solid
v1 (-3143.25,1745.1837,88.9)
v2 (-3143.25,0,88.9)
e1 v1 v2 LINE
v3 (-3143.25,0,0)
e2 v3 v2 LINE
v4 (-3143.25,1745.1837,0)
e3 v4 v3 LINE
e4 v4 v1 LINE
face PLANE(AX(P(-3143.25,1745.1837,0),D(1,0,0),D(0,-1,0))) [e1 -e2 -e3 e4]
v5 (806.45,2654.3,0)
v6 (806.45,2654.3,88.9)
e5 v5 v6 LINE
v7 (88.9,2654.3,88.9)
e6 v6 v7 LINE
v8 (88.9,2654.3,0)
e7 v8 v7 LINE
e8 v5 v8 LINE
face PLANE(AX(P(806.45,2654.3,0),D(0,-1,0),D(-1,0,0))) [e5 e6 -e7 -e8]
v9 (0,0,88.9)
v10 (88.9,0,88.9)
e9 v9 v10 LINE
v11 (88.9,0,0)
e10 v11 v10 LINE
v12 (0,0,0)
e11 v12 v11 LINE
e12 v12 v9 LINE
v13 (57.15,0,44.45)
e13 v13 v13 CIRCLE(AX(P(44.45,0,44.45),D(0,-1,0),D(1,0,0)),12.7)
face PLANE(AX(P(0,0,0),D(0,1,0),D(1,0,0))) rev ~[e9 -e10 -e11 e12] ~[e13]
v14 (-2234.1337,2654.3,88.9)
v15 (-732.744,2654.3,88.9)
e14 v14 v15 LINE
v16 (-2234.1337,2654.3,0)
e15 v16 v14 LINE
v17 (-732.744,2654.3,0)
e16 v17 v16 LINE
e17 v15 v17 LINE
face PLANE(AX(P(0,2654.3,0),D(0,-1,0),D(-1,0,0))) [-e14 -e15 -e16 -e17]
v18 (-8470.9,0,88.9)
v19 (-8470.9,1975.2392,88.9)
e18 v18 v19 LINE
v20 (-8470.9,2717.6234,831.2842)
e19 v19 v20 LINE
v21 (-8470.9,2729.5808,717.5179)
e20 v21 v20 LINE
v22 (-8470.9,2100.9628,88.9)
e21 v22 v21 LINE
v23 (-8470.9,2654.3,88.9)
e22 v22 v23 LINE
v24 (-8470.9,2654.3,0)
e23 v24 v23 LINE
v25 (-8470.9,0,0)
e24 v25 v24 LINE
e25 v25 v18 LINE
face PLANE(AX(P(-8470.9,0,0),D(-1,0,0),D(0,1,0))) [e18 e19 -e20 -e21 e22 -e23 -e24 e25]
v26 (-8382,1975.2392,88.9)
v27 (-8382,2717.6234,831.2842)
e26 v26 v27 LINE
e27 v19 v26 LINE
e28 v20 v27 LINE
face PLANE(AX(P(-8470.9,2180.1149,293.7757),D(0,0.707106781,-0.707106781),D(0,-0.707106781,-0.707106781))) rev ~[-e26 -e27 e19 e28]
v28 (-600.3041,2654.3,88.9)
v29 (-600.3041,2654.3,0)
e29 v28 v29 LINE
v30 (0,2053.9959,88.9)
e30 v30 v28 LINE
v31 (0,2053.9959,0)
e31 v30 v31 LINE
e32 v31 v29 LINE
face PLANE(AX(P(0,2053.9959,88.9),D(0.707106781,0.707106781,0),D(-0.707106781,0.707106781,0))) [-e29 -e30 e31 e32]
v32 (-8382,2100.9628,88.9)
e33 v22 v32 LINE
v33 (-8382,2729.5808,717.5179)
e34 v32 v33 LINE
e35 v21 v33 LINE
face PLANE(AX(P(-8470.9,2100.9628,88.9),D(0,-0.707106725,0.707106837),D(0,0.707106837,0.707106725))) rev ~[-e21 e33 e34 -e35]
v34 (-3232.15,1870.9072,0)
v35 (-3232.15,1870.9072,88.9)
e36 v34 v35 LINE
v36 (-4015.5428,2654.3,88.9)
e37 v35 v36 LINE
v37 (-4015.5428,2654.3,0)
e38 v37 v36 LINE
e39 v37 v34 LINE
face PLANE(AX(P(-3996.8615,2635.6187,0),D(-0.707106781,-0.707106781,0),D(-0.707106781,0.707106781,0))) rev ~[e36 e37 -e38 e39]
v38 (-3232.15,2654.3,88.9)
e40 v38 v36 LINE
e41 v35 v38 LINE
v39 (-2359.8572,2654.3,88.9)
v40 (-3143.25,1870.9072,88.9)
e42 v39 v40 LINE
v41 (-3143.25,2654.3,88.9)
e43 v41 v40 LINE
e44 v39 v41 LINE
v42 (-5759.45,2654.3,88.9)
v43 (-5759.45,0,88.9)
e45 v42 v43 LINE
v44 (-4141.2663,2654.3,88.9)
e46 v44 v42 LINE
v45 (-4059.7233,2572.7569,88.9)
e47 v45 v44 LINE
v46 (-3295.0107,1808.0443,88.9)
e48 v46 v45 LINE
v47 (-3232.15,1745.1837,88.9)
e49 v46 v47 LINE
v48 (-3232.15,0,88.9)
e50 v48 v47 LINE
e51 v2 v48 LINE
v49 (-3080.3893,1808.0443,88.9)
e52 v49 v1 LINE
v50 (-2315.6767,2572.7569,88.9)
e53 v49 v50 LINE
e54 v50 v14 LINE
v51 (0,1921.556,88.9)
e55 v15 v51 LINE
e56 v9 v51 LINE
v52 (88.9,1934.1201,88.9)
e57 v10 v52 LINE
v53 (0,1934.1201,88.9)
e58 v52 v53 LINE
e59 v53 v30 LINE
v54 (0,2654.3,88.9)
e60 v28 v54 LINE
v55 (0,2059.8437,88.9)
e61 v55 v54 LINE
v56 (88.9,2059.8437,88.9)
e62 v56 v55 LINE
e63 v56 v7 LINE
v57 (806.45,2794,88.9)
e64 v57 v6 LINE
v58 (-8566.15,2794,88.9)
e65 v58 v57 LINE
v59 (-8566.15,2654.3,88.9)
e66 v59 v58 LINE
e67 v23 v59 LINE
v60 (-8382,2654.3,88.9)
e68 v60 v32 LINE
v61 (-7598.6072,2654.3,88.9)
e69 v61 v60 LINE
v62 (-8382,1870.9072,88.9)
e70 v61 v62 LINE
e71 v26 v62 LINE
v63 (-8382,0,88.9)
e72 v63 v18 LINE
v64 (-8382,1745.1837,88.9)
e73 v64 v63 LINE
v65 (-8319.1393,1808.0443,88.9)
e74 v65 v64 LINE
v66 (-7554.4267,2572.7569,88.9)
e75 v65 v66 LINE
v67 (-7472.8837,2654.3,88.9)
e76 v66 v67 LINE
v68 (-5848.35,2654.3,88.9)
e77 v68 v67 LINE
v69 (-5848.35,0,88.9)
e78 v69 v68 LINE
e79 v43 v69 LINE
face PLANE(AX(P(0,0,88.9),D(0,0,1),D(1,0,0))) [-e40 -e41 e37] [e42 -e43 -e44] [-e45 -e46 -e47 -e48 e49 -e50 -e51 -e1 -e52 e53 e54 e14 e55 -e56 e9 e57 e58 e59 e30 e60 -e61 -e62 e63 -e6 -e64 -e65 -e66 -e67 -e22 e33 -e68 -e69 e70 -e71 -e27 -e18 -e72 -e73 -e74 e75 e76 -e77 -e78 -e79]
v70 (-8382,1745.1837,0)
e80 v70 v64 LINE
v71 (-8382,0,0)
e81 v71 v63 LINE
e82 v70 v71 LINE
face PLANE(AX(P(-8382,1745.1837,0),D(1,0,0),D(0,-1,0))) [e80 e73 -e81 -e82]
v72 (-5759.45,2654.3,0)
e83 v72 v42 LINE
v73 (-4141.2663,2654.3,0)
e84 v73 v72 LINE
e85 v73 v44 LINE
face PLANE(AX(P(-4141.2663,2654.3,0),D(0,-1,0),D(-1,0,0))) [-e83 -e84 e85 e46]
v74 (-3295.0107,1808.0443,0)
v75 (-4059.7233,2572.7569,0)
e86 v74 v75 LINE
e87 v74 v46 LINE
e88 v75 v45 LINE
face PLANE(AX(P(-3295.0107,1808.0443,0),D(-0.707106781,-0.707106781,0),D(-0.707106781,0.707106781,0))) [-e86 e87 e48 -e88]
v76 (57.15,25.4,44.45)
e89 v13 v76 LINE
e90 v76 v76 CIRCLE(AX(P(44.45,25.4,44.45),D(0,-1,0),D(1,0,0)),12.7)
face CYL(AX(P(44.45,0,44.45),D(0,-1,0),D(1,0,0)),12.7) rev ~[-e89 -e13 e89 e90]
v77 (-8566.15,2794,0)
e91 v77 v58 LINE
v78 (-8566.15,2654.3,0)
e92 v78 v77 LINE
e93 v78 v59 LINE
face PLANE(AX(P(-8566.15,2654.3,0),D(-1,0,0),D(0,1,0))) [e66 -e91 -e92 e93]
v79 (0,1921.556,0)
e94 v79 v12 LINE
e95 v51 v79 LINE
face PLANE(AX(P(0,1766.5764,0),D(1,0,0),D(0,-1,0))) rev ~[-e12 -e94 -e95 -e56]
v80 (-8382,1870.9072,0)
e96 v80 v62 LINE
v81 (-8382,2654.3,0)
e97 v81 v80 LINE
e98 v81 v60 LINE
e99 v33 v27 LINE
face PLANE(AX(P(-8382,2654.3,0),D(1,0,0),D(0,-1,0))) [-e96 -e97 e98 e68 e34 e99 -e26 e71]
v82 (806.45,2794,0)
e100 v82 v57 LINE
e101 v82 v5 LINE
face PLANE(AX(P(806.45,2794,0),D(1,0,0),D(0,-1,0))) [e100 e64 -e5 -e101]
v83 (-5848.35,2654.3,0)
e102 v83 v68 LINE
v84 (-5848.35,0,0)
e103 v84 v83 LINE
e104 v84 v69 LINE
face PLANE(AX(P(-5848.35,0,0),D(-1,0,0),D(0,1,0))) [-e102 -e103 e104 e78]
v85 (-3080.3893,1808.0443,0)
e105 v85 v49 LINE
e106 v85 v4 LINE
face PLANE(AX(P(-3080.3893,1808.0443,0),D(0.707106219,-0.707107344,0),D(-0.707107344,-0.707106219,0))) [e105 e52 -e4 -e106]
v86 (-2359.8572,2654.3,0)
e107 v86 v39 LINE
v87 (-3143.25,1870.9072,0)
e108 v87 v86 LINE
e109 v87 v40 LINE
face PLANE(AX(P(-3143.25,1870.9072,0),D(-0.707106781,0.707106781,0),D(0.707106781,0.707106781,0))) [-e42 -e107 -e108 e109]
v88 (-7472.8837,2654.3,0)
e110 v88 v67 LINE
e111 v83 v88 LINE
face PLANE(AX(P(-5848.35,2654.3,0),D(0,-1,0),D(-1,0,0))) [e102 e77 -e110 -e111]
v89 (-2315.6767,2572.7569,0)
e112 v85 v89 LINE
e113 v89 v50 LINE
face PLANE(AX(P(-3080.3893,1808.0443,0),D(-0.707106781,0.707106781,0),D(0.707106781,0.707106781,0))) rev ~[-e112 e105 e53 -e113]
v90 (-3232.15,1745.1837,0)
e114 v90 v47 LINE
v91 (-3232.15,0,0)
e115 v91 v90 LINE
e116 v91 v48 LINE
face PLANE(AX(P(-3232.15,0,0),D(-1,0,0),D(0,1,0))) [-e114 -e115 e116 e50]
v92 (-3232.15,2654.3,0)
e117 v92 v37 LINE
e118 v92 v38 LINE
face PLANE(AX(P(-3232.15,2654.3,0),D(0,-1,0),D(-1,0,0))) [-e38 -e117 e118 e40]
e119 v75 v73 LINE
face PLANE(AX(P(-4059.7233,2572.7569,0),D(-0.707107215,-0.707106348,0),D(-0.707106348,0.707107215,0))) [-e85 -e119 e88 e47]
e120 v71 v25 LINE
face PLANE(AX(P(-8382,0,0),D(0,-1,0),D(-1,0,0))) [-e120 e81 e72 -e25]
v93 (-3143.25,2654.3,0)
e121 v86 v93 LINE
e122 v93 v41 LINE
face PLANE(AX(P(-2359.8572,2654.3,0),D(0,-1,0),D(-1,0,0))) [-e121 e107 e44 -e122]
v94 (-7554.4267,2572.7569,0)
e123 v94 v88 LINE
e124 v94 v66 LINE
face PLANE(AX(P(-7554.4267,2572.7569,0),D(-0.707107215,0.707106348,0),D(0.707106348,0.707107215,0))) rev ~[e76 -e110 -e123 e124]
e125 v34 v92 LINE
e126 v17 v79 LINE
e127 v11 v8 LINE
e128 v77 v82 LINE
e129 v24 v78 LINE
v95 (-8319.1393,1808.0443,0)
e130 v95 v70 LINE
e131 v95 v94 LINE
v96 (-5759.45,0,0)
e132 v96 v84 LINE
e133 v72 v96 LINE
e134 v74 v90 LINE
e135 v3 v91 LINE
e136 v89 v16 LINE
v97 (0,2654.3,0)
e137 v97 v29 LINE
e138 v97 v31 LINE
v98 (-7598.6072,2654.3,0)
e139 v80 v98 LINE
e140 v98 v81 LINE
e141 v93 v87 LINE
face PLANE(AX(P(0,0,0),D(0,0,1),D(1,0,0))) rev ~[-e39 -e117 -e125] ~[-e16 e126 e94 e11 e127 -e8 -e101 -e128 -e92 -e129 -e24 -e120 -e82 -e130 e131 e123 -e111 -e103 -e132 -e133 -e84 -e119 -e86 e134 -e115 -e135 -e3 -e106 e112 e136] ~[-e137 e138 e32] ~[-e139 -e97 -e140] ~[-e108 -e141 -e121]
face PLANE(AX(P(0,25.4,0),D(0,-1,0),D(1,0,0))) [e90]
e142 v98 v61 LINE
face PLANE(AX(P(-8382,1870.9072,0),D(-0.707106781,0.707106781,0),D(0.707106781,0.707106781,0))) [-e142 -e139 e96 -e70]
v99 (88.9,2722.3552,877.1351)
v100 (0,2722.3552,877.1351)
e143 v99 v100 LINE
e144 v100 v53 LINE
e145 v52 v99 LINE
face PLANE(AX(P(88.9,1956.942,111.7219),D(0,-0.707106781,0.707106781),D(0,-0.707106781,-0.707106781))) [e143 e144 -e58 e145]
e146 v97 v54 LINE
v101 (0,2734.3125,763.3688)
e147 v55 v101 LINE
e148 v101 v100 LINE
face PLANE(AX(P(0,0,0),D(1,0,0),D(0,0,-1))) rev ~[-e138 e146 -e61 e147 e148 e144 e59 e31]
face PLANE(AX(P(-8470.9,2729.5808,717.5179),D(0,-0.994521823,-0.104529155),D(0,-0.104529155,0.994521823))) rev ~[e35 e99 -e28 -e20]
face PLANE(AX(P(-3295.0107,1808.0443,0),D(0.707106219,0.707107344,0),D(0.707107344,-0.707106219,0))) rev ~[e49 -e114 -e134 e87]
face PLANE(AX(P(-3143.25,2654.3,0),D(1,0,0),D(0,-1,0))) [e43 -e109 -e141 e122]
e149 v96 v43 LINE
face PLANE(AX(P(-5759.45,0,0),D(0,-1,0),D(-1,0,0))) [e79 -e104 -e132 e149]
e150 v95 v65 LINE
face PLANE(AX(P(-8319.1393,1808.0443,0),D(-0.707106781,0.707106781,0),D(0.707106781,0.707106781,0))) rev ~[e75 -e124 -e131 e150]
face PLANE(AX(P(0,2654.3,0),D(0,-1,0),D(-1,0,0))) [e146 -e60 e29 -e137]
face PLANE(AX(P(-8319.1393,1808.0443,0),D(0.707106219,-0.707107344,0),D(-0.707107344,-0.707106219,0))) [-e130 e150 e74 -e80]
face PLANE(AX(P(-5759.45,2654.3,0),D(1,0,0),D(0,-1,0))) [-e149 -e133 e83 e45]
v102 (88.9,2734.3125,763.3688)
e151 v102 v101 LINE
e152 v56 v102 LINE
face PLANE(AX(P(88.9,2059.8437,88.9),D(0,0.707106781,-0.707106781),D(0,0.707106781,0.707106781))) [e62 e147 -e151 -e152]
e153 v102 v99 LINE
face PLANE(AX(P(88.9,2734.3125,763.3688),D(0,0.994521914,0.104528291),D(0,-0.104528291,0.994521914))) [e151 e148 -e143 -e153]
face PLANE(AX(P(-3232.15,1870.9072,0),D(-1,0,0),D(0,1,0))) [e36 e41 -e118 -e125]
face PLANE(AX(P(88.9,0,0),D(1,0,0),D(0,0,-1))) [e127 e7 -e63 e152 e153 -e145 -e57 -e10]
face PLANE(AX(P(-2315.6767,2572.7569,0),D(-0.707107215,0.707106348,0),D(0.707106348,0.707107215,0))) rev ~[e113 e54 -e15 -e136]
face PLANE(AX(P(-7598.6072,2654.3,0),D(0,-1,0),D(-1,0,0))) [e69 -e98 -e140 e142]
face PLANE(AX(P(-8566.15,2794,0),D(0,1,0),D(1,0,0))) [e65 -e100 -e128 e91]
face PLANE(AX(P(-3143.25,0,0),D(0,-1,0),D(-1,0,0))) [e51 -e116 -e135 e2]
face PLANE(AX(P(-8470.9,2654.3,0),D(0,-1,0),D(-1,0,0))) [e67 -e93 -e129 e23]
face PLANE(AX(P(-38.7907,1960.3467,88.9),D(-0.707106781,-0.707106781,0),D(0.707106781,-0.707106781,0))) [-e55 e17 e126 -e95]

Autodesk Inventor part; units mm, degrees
ref_plane "YZ Plane" through (0, 0, 0) normal (1, 0, 0) x (0, 1, 0)
ref_plane "XZ Plane" through (0, 0, 0) normal (0, 1, 0) x (-1, 0, 0)
ref_plane "XY Plane" through (0, 0, 0) normal (0, 0, 1) x (1, 0, 0)
sketch "Sketch1" plane through (0, 0, 0) normal (0, 0, 1) x (1, 0, 0)
  line L0 (0, 0) -> (88.9, 0)
  line L1 (88.9, 0) -> (88.9, 2654.3)
  line L2 (88.9, 2654.3) -> (0, 2654.3)
  line L3 (0, 2654.3) -> (0, 0)
  line L4 (44.45, 2654.3) -> (806.45, 2654.3) construction
  line L5 (806.45, 2654.3) -> (-8566.15, 2654.3)
  line L6 (-8566.15, 2654.3) -> (-8566.15, 2794)
  line L7 (-8566.15, 2794) -> (806.45, 2794)
  line L8 (806.45, 2794) -> (806.45, 2654.3)
  line L9 (-3143.25, 0) -> (-3232.15, 0)
  line L10 (-3232.15, 0) -> (-3232.15, 2654.3)
  line L11 (-3232.15, 2654.3) -> (-3143.25, 2654.3)
  line L12 (-3143.25, 2654.3) -> (-3143.25, 0)
  line L13 (-5759.45, 0) -> (-5848.35, 0)
  line L14 (-5848.35, 0) -> (-5848.35, 2654.3)
  line L15 (-5848.35, 2654.3) -> (-5759.45, 2654.3)
  line L16 (-5759.45, 2654.3) -> (-5759.45, 0)
  line L17 (-8382, 0) -> (-8470.9, 0)
  line L18 (-8470.9, 0) -> (-8470.9, 2654.3)
  line L19 (-8470.9, 2654.3) -> (-8382, 2654.3)
  line L20 (-8382, 2654.3) -> (-8382, 0)
  line L21 (0, 1892.3) -> (-764.7126, 2657.0126)
  line L22 (0, 1892.3) -> (1081.4669, 1892.3) construction
  line L23 (-62.8618, 1829.4382) -> (-827.5744, 2594.1508)
  line L24 (-827.5744, 2594.1508) -> (-887.7236, 2654.3)
  line L25 (-62.8618, 1829.4382) -> (0, 1766.5764)
  line L26 (-3232.15, 1870.9072) -> (-3996.8615, 2635.6187)
  line L27 (-3295.0107, 1808.0443) -> (-4059.7233, 2572.7569)
  line L28 (-3295.0107, 1808.0443) -> (-3232.15, 1745.1837)
  line L29 (-4059.7233, 2572.7569) -> (-4141.2663, 2654.3)
  line L30 (-3996.8615, 2635.6187) -> (-4015.5428, 2654.3)
  line L31 (-3187.7, 2654.3) -> (-3187.7, 0) construction
  line L32 (-3232.15, 1745.1837) -> (-3232.15, 1870.9072)
  line L33 (-4141.2663, 2654.3) -> (-4015.5428, 2654.3)
  line L34 (-3143.25, 1870.9072) -> (-2378.5385, 2635.6187)
  line L35 (-3080.3893, 1808.0443) -> (-2315.6767, 2572.7569)
  line L36 (-3080.3893, 1808.0443) -> (-3143.25, 1745.1837)
  line L37 (-2315.6767, 2572.7569) -> (-2234.1337, 2654.3)
  line L38 (-2378.5385, 2635.6187) -> (-2359.8572, 2654.3)
  line L39 (-3143.25, 1745.1837) -> (-3143.25, 1870.9072)
  line L40 (-2234.1337, 2654.3) -> (-2359.8572, 2654.3)
  line L41 (-7554.4267, 2572.7569) -> (-7472.8837, 2654.3)
  line L42 (-7617.2885, 2635.6187) -> (-7598.6072, 2654.3)
  line L43 (-8382, 1870.9072) -> (-7617.2885, 2635.6187)
  line L44 (-8319.1393, 1808.0443) -> (-7554.4267, 2572.7569)
  line L45 (-8319.1393, 1808.0443) -> (-8382, 1745.1837)
  line L46 (-8382, 1745.1837) -> (-8382, 1870.9072)
  dimension "d0" = 88.9
  dimension "d1" = 2654.3
  dimension "d2" = 762
  dimension "d3" = 9372.6
  dimension "d4" = 139.7
  dimension "d5" = 88.9
  dimension "d6" = 3232.15
  dimension "d7" = 88.9
  dimension "d8" = 2616.2
  dimension "d9" = 88.9
  dimension "d10" = 2622.55
  dimension "d11" = 135
  dimension "d12" = 762
  dimension "d13" = 88.9
  dimension "d14" = 88.9
extrude "Extrusion1" add sketch "Sketch1" along normal blind 88.9 contours L3 L2 L1 L0 | L2 L5 L6 L7 L8 | L37 L35 L36 L12 L34 L38 L5 | L5 L20 L17 L18 | L12 L9 L10 L5 | L5 L41 L44 L45 L20 L43 L42 | L30 L26 L10 L28 L27 L29 L5 | L5 L16 L13 L14
sketch "Sketch2" plane through (0, 0, 88.9) normal (0, 0, 1) x (1, 0, 0)
  line L0 (-2234.1337, 2654.3) -> (0, 2654.3) projected
  line L1 (0, 2654.3) -> (0, 0) projected
  line L2 (0, 2053.9959) -> (-600.3041, 2654.3)
  line L3 (0, 2053.9959) -> (848.9582, 2053.9959) construction
  line L4 (-666.5241, 2588.0801) -> (-38.7907, 1960.3467)
  line L5 (-38.7907, 1960.3467) -> (0, 1921.556)
  line L6 (-666.5241, 2588.0801) -> (-732.744, 2654.3)
  dimension "d17" = 135
extrude "Extrusion2" add sketch "Sketch2" against normal blind 88.9 contours L0 L2 L1 L5 L4 L6
sketch "Sketch3" plane through (0, 0, 0) normal (0, -1, 0) x (1, 0, 0)
  circle A0 centre (44.45, 44.45) radius 12.7
  dimension "d20" = 25.4
extrude "Extrusion3" cut sketch "Sketch3" against normal blind 25.4
sketch "Sketch4" plane through (88.9, 0, 0) normal (1, 0, 0) x (0, 0, -1)
  line L0 (-88.9, 0) -> (-88.9, 2654.3) projected
  line L1 (-88.9, 2059.8437) -> (-763.3688, 2734.3125)
  line L2 (-88.9, 2059.8437) -> (1181.1, 2059.8437) construction
  line L3 (-877.1351, 2722.3552) -> (-111.7219, 1956.942)
  line L4 (-111.7219, 1956.942) -> (-88.9, 1934.1201)
  line L5 (-1112.6492, 2957.8693) -> (-986.9256, 2957.8693)
  line L6 (-88.9, 2059.8437) -> (-88.9, 1934.1201)
  line L7 (-763.3688, 2734.3125) -> (-877.1351, 2722.3552)
  line L8 (-840.5667, 2926.4384) -> (-285.5134, 2926.4384) construction
  line L9 (-88.9, 2147.6306) -> (-717.5179, 2776.2485) construction
  line L10 (-88.9, 2147.6306) -> (800.1, 2147.6306) construction
  point P0 (-1081.2183, 2926.4384)
  dimension "d23" = 1270
  dimension "d24" = 135
  dimension "d25" = 88.9
  dimension "d34" = 174
  dimension "d35" = 889
  dimension "d36" = 135
extrude "Extrusion4" add sketch "Sketch4" against normal blind 88.9
sketch "Sketch5" plane through (-8470.9, 0, 0) normal (-1, 0, 0) x (0, 0, 1)
  line L0 (88.9, 2654.3) -> (88.9, 0) projected
  line L1 (88.9, 2100.9628) -> (717.5179, 2729.5808)
  line L2 (88.9, 2100.9628) -> (977.9, 2100.9628) construction
  line L3 (831.2842, 2717.6234) -> (293.7757, 2180.1149)
  line L4 (293.7757, 2180.1149) -> (88.9, 1975.2392)
  line L5 (717.5179, 2729.5808) -> (843.2415, 2729.5808)
  line L6 (88.9, 1975.2392) -> (88.9, 2100.9628)
  line L7 (717.5179, 2729.5808) -> (831.2842, 2717.6234)
  line L8 (843.2415, 2729.5808) -> (937.1256, 2729.5808) construction
  dimension "d28" = 889
  dimension "d29" = 45
  dimension "d30" = 88.9
  dimension "d33" = 6
extrude "Extrusion5" add sketch "Sketch5" against normal blind 88.9
properties part number "highSide" material "Wood (Birch)"
